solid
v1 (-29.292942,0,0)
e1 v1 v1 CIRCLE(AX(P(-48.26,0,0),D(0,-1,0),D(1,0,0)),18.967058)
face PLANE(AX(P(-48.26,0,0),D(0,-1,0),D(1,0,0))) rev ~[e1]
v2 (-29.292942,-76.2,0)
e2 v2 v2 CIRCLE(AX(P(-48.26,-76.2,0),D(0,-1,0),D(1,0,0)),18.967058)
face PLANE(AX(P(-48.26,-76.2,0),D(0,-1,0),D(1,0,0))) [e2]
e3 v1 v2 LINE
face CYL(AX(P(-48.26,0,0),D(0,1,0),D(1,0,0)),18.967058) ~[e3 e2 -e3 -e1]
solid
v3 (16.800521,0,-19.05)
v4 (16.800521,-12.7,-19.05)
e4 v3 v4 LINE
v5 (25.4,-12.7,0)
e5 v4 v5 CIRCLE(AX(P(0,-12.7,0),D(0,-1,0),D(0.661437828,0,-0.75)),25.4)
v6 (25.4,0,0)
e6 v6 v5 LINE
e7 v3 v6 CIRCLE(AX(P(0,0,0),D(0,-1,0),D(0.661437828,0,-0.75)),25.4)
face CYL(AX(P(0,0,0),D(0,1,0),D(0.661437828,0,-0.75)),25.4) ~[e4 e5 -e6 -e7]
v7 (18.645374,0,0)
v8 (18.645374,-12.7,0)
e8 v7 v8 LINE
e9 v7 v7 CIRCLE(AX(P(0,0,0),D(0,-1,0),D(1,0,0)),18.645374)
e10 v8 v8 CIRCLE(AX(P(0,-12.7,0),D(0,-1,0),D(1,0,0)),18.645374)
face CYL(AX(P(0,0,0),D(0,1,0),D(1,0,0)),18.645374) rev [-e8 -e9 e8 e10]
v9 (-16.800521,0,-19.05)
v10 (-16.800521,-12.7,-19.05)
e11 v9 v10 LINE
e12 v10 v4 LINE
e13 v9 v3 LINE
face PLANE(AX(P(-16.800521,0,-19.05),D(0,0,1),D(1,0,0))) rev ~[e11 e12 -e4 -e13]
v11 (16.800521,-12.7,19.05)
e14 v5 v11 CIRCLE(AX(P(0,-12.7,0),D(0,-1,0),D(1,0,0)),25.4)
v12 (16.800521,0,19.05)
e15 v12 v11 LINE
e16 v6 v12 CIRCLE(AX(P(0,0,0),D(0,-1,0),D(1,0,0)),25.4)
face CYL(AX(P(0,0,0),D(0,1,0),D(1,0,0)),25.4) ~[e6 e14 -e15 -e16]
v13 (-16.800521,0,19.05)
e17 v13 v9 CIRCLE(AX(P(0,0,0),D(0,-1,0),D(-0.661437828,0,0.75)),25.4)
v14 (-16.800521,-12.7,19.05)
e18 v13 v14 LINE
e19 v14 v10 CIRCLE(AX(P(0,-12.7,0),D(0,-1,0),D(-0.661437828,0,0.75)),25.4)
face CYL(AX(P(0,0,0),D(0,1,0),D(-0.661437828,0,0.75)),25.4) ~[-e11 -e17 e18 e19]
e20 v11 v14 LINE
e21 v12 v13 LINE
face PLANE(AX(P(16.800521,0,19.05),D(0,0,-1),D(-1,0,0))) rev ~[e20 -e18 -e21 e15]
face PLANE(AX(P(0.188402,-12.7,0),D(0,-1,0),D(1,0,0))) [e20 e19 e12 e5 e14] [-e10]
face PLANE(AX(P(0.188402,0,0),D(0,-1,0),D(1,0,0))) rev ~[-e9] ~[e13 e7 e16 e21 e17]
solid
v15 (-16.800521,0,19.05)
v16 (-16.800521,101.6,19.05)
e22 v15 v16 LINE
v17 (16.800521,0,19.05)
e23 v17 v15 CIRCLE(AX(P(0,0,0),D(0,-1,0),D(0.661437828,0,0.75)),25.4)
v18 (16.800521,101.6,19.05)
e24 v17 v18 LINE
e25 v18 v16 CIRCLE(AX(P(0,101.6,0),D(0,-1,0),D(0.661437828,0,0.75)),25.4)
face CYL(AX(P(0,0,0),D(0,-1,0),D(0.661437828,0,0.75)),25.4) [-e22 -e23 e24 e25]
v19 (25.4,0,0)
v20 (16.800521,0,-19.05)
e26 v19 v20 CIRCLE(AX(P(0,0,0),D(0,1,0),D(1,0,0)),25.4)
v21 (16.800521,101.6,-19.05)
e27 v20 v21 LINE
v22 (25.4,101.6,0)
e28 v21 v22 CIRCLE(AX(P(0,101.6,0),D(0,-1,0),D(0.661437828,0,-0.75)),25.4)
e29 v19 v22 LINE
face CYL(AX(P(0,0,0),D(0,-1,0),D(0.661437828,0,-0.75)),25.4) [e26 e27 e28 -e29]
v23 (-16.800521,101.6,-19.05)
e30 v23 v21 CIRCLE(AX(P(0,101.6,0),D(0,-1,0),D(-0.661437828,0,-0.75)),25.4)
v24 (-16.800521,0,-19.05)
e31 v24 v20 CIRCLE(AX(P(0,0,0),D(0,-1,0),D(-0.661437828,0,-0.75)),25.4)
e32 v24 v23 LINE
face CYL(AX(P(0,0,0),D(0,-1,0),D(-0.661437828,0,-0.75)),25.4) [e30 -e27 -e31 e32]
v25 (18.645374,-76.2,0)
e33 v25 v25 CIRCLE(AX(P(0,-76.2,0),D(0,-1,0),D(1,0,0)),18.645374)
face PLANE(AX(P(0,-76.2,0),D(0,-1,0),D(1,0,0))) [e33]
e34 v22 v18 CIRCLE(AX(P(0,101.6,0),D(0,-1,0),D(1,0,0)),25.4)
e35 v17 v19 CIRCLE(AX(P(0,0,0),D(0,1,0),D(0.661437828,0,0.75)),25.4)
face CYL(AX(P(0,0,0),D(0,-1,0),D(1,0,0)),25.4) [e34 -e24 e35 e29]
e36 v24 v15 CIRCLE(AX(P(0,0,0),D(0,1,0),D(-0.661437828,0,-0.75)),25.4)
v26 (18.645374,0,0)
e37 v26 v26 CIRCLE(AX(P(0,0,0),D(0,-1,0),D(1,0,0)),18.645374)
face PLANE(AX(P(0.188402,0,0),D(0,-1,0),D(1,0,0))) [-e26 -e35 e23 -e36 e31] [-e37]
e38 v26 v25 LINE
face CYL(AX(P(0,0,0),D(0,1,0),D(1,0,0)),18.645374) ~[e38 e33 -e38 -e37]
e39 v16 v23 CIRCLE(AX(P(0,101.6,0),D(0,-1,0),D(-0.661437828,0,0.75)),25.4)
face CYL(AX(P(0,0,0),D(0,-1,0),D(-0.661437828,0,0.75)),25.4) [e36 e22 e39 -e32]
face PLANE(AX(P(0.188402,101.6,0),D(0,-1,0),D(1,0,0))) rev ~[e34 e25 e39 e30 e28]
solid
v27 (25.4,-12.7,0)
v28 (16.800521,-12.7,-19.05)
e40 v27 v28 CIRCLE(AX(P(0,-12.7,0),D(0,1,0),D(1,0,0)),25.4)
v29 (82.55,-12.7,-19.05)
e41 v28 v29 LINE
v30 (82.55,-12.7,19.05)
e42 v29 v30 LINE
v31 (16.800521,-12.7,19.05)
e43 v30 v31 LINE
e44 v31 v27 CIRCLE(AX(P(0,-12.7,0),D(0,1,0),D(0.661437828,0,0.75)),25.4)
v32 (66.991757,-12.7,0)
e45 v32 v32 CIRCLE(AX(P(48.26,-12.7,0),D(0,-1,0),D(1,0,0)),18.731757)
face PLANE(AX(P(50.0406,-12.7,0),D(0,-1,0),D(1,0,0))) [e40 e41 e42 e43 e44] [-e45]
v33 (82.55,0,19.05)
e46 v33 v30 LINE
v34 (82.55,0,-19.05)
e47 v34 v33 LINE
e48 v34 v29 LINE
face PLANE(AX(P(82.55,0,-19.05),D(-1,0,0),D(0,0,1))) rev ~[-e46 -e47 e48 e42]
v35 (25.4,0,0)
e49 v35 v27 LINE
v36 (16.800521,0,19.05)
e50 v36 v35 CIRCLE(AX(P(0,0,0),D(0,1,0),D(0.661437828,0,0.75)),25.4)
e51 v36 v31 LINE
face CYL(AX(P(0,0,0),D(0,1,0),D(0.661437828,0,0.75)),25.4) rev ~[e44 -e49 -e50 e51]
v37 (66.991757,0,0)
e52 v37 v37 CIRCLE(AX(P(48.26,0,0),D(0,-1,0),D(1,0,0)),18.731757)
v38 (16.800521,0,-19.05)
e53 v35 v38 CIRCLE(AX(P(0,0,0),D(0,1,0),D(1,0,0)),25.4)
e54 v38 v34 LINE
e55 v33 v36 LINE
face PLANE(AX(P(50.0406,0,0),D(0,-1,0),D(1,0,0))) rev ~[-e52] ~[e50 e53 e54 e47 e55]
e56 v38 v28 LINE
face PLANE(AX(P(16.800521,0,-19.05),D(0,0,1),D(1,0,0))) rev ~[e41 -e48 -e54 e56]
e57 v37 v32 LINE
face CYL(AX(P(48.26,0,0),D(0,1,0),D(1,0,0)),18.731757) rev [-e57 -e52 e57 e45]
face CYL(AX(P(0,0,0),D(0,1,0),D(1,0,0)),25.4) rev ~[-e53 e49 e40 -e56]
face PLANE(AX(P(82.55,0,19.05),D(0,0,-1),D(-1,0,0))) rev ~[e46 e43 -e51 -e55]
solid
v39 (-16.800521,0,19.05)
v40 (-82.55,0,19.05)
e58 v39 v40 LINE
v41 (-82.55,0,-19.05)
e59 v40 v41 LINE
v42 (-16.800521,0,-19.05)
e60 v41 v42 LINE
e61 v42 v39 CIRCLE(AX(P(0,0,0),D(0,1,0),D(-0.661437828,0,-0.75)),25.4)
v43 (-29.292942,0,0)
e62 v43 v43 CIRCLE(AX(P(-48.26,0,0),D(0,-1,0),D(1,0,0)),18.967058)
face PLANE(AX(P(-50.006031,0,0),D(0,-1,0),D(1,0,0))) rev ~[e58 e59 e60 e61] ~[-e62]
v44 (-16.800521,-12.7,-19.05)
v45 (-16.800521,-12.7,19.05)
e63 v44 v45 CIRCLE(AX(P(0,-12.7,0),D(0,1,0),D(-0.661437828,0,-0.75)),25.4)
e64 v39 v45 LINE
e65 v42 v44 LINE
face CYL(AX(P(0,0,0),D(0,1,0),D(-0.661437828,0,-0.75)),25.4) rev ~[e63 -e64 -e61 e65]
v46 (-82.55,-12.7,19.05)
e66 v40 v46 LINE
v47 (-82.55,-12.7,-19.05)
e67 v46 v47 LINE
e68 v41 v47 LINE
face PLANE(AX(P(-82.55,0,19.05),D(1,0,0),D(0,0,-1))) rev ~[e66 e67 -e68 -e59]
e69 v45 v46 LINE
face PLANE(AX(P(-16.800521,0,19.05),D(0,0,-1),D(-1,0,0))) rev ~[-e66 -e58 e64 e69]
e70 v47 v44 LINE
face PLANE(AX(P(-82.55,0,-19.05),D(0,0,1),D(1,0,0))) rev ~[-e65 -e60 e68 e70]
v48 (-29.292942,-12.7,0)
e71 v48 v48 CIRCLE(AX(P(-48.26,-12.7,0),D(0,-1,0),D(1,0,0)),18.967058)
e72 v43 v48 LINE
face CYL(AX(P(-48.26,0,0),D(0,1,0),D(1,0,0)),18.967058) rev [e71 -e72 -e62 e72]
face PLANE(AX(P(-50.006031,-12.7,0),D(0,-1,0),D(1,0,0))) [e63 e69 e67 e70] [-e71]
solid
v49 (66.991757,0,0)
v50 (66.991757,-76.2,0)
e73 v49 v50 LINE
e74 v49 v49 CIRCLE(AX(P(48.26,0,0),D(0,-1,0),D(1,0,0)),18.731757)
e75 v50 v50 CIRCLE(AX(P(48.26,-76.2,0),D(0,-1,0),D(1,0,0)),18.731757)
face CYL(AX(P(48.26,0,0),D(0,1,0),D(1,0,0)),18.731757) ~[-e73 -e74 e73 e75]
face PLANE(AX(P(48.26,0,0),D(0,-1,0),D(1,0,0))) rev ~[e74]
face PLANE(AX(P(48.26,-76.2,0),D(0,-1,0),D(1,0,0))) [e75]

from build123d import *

# Parameters (mm, degrees)
F0_R     = 18.6453742802
F1_DEPTH = 76.2
F0_R_2   = 18.967057506
F0_R_3   = 18.7317568453
F2_DEPTH = 12.7
F3_DEPTH = 101.6
F4_DEPTH = 12.7


with BuildPart() as f1:
    # F0 (on Front) → F1 (new body)
    with BuildSketch(Plane.XZ):
        Circle(F0_R)
    extrude(amount=F1_DEPTH)



with BuildPart() as f1b:
    # F0 (on Front) → F1, piece 2 (new body)
    with BuildSketch(Plane.XZ):
        with Locations((-48.26, 0)):
            Circle(F0_R_2)
    extrude(amount=F1_DEPTH)


with BuildPart() as f1c:
    # F0 (on Front) → F1, piece 3 (new body)
    with BuildSketch(Plane.XZ):
        with Locations((48.26, 0)):
            Circle(F0_R_3)
    extrude(amount=F1_DEPTH)


with BuildPart() as f2:
    # F0 (on Front) → F2 (new body)
    with BuildSketch(Plane.XZ):
        with BuildLine():
            Line((16.8005208253, -19.05), (82.55, -19.05))
            Line((82.55, -19.05), (82.55, 19.05))
            Line((82.55, 19.05), (16.8005208253, 19.05))
            ThreePointArc((16.8005208253, 19.05), (23.1505208253, 10.4505208253), (25.4, 0))
            ThreePointArc((25.4, 0), (23.1505208253, -10.4505208253), (16.8005208253, -19.05))
        make_face()
        with Locations((48.26, 0)):
            Circle(F0_R_3, mode=Mode.SUBTRACT)
    extrude(amount=F2_DEPTH)


with BuildPart() as f2b:
    # F0 (on Front) → F2, piece 2 (new body)
    with BuildSketch(Plane.XZ):
        with BuildLine():
            Line((-82.55, -19.05), (-16.8005208253, -19.05))
            ThreePointArc((-16.8005208253, -19.05), (-25.4, 0), (-16.8005208253, 19.05))
            Line((-16.8005208253, 19.05), (-82.55, 19.05))
            Line((-82.55, 19.05), (-82.55, -19.05))
        make_face()
        with Locations((-48.26, 0)):
            Circle(F0_R_2, mode=Mode.SUBTRACT)
    extrude(amount=F2_DEPTH)


with BuildPart() as f1_1:
    add(f1.part)

    add(f2.part)  # F3 merges F2

    add(f2b.part)  # F3 merges F2b
    # F0 (on Front) → F3 (join)
    with BuildSketch(Plane.XZ):
        with BuildLine():
            Line((-16.8005208253, -19.05), (16.8005208253, -19.05))
            ThreePointArc((16.8005208253, -19.05), (23.1505208253, -10.4505208253), (25.4, 0))
            ThreePointArc((25.4, 0), (23.1505208253, 10.4505208253), (16.8005208253, 19.05))
            Line((16.8005208253, 19.05), (-16.8005208253, 19.05))
            ThreePointArc((-16.8005208253, 19.05), (-25.4, 0), (-16.8005208253, -19.05))
        make_face()
        Circle(F0_R, mode=Mode.SUBTRACT)
        Circle(F0_R)
        with BuildLine():
            ThreePointArc((-16.8005208253, -19.05), (0, -25.4), (16.8005208253, -19.05))
            Line((16.8005208253, -19.05), (-16.8005208253, -19.05))
        make_face()
        with BuildLine():
            Line((-16.8005208253, 19.05), (16.8005208253, 19.05))
            ThreePointArc((16.8005208253, 19.05), (0, 25.4), (-16.8005208253, 19.05))
        make_face()
    extrude(amount=-F3_DEPTH)


with BuildPart() as f4:
    # F0 (on Front) → F4 (new body)
    with BuildSketch(Plane.XZ):
        with BuildLine():
            Line((-16.8005208253, -19.05), (16.8005208253, -19.05))
            ThreePointArc((16.8005208253, -19.05), (23.1505208253, -10.4505208253), (25.4, 0))
            ThreePointArc((25.4, 0), (23.1505208253, 10.4505208253), (16.8005208253, 19.05))
            Line((16.8005208253, 19.05), (-16.8005208253, 19.05))
            ThreePointArc((-16.8005208253, 19.05), (-25.4, 0), (-16.8005208253, -19.05))
        make_face()
        Circle(F0_R, mode=Mode.SUBTRACT)
    extrude(amount=F4_DEPTH)


solid = Compound([f1b.part, f1c.part, f1_1.part, f4.part])
